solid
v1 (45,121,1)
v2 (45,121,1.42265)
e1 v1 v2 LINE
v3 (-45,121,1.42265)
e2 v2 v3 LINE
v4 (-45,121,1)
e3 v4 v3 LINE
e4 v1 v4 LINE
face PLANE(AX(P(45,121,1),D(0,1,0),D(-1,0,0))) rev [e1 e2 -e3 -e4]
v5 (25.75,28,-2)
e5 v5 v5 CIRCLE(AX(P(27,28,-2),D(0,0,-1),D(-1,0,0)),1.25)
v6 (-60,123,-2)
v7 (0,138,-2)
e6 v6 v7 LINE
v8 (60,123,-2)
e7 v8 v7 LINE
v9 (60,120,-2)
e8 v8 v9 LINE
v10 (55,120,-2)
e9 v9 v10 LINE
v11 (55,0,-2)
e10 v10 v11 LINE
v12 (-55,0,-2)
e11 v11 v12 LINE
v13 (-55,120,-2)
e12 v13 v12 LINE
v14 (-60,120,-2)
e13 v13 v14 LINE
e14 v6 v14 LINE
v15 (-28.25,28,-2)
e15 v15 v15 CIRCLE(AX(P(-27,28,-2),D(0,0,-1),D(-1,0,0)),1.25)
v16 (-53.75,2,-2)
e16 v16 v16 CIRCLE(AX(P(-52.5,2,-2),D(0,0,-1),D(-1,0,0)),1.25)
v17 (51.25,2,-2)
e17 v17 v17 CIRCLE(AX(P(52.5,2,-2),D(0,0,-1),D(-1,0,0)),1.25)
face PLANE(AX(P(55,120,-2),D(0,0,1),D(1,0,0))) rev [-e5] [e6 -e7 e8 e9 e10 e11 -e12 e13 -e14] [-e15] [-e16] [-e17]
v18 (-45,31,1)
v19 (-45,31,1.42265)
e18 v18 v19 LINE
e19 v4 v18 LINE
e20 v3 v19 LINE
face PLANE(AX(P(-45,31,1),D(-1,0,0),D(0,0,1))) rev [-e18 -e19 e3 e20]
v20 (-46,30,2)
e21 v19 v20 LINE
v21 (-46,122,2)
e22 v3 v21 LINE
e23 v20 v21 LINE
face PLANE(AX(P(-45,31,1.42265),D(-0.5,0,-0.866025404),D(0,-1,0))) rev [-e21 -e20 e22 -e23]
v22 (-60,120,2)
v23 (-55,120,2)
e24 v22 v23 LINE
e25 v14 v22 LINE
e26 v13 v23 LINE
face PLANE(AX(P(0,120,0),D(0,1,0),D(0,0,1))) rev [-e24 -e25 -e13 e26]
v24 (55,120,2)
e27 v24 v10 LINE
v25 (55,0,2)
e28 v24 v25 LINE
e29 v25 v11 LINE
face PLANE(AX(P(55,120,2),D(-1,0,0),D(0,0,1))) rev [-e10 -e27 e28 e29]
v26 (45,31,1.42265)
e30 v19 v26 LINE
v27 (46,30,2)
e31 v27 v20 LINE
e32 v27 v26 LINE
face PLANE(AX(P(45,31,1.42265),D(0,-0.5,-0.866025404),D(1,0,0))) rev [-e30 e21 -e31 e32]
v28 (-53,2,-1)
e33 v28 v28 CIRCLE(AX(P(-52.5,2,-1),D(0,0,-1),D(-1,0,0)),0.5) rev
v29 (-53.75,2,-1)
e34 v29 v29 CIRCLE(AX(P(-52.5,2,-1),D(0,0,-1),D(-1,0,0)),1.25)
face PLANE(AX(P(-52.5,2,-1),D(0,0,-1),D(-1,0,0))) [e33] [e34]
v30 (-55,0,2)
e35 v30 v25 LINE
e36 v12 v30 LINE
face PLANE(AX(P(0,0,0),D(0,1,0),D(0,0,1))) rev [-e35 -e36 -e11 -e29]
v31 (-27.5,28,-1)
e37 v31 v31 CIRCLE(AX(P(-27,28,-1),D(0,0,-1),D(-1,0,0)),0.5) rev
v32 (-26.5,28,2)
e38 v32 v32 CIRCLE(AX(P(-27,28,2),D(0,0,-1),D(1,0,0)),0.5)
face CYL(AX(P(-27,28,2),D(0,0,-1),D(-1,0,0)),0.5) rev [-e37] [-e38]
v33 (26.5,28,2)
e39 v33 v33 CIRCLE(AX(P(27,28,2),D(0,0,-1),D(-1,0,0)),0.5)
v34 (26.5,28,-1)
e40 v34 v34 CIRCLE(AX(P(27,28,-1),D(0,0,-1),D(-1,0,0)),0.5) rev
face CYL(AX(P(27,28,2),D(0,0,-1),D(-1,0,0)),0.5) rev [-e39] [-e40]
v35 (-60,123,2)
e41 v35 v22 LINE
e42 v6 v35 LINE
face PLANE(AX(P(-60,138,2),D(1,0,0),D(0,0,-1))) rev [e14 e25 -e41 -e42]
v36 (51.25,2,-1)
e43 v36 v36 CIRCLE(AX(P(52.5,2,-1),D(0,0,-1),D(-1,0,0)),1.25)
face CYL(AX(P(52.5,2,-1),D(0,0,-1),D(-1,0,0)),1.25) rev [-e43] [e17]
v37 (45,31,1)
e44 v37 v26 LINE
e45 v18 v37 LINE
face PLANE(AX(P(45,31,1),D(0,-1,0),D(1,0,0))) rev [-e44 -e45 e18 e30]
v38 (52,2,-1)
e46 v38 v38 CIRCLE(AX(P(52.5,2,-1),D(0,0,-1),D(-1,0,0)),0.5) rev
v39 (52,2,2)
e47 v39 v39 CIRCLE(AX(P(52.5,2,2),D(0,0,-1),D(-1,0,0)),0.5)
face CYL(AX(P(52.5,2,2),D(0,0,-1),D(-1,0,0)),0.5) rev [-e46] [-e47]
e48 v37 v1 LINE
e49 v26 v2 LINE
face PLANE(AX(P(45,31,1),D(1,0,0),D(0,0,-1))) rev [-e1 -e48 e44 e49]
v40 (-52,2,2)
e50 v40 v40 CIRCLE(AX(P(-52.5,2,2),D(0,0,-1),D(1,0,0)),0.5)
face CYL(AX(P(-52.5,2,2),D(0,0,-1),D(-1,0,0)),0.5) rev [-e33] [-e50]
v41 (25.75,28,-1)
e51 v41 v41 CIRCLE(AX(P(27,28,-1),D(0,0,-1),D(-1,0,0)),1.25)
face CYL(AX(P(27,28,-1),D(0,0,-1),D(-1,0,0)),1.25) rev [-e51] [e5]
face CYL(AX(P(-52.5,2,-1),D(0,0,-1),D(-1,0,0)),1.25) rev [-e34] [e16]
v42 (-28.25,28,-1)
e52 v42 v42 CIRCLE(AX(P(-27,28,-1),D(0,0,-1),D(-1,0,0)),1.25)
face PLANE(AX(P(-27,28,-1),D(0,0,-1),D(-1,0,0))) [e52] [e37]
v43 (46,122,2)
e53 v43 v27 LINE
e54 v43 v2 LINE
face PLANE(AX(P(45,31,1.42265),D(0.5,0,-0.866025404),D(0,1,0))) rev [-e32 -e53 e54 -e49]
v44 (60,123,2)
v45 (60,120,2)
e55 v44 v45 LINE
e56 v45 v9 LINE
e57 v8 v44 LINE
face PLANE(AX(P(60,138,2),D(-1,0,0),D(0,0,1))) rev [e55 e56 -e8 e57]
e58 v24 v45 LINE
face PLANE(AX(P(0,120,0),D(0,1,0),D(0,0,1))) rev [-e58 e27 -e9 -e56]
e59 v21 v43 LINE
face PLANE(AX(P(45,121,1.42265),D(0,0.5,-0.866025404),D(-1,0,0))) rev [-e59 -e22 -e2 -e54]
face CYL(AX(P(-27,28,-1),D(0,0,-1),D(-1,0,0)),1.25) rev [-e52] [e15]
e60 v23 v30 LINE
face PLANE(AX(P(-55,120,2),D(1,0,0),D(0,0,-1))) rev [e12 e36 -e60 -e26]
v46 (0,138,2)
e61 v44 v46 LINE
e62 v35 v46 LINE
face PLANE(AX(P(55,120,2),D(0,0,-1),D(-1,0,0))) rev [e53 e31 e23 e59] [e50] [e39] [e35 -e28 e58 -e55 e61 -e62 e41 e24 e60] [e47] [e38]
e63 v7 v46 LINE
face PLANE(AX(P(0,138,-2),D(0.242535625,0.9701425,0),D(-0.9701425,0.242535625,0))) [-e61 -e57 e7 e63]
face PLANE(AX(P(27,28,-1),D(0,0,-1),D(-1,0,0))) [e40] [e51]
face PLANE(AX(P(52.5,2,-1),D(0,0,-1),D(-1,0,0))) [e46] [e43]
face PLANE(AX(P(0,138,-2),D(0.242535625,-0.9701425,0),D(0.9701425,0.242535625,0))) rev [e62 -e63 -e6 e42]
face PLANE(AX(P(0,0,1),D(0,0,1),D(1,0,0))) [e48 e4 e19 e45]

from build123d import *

# Parameters (mm, degrees)
SKETCH_1_W          = 110
SKETCH_1_H          = 4
EXTRUDE_1_DEPTH     = 120
SKETCH_2_W          = 120
SKETCH_2_H          = 4
EXTRUDE_2_DEPTH     = 18
CUT_EXTRUDE_1_DEPTH = 5
SKETCH_4_W          = 90
SKETCH_4_H          = 90
CUT_EXTRUDE_2_DEPTH = 1
SKETCH_6_R          = 0.5
CUT_EXTRUDE_3_DEPTH = 5
SKETCH_7_R          = 1.25
CUT_EXTRUDE_4_DEPTH = 1
CHAMFER_1_SIZE      = 1
CHAMFER_1_SIZE2     = 0.577350269


with BuildPart() as part:
    # 草图1 → 凸台-拉伸1 (new body)
    with BuildSketch(Plane(origin=(0, 0, 0), x_dir=(1, 0, 0), z_dir=(0, 1, 0))):
        Rectangle(SKETCH_1_W, SKETCH_1_H)
    extrude(amount=EXTRUDE_1_DEPTH)

    # 草图2 → 凸台-拉伸2 (add)
    with BuildSketch(Plane(origin=(0, 120, 0), x_dir=(1, 0, 0), z_dir=(0, 1, 0))):
        Rectangle(SKETCH_2_W, SKETCH_2_H)
    extrude(amount=EXTRUDE_2_DEPTH)

    # 草图3 → 切除-拉伸1 (cut, through all)
    with BuildSketch(Plane.XY.offset(2)):
        Polygon((-60, 138), (0, 138), (-60, 123), align=None)
    cut_extrude_1 = extrude(amount=-CUT_EXTRUDE_1_DEPTH, mode=Mode.SUBTRACT)

    # 镜向1: 切除-拉伸1 across plane
    add(cut_extrude_1.mirror(Plane(origin=(0, 0, 0), x_dir=(0, 0, 1), z_dir=(1, 0, 0))), mode=Mode.SUBTRACT)

    # 草图4 → 切除-拉伸2 (cut)
    with BuildSketch(Plane.XY.offset(2)):
        with Locations((0, 76)):
            Rectangle(SKETCH_4_W, SKETCH_4_H)
    extrude(amount=-CUT_EXTRUDE_2_DEPTH, mode=Mode.SUBTRACT)

    # 草图6 → 切除-拉伸3 (cut, through all)
    with BuildSketch(Plane(origin=(0, 0, -2), x_dir=(-1, 0, 0), z_dir=(0, 0, -1))):
        with Locations((-52.5, 2)):
            Circle(SKETCH_6_R)
        with Locations((-27, 28)):
            Circle(SKETCH_6_R)
        with Locations((27, 28)):
            Circle(SKETCH_6_R)
        with Locations((52.5, 2)):
            Circle(SKETCH_6_R)
    extrude(amount=-CUT_EXTRUDE_3_DEPTH, mode=Mode.SUBTRACT)

    # 草图7 → 切除-拉伸4 (cut)
    with BuildSketch(Plane(origin=(0, 0, -2), x_dir=(-1, 0, 0), z_dir=(0, 0, -1))):
        with Locations((-52.5, 2)):
            Circle(SKETCH_7_R)
        with Locations((-27, 28)):
            Circle(SKETCH_7_R)
        with Locations((27, 28)):
            Circle(SKETCH_7_R)
        with Locations((52.5, 2)):
            Circle(SKETCH_7_R)
    extrude(amount=-CUT_EXTRUDE_4_DEPTH, mode=Mode.SUBTRACT)

    # 倒角1
    chamfer_1_edges = [part.edges().sort_by_distance(p)[0] for p in [
        (-45, 76, 2),
        (0, 31, 2),
        (45, 76, 2),
        (0, 121, 2),
    ]]
    chamfer_1_side = [part.faces().sort_by_distance(p)[0] for p in [
        (57.5, 121.828770078, 2),
    ]]
    chamfer(chamfer_1_edges, length=CHAMFER_1_SIZE, length2=CHAMFER_1_SIZE2, reference=chamfer_1_side[0])


solid = part.part
